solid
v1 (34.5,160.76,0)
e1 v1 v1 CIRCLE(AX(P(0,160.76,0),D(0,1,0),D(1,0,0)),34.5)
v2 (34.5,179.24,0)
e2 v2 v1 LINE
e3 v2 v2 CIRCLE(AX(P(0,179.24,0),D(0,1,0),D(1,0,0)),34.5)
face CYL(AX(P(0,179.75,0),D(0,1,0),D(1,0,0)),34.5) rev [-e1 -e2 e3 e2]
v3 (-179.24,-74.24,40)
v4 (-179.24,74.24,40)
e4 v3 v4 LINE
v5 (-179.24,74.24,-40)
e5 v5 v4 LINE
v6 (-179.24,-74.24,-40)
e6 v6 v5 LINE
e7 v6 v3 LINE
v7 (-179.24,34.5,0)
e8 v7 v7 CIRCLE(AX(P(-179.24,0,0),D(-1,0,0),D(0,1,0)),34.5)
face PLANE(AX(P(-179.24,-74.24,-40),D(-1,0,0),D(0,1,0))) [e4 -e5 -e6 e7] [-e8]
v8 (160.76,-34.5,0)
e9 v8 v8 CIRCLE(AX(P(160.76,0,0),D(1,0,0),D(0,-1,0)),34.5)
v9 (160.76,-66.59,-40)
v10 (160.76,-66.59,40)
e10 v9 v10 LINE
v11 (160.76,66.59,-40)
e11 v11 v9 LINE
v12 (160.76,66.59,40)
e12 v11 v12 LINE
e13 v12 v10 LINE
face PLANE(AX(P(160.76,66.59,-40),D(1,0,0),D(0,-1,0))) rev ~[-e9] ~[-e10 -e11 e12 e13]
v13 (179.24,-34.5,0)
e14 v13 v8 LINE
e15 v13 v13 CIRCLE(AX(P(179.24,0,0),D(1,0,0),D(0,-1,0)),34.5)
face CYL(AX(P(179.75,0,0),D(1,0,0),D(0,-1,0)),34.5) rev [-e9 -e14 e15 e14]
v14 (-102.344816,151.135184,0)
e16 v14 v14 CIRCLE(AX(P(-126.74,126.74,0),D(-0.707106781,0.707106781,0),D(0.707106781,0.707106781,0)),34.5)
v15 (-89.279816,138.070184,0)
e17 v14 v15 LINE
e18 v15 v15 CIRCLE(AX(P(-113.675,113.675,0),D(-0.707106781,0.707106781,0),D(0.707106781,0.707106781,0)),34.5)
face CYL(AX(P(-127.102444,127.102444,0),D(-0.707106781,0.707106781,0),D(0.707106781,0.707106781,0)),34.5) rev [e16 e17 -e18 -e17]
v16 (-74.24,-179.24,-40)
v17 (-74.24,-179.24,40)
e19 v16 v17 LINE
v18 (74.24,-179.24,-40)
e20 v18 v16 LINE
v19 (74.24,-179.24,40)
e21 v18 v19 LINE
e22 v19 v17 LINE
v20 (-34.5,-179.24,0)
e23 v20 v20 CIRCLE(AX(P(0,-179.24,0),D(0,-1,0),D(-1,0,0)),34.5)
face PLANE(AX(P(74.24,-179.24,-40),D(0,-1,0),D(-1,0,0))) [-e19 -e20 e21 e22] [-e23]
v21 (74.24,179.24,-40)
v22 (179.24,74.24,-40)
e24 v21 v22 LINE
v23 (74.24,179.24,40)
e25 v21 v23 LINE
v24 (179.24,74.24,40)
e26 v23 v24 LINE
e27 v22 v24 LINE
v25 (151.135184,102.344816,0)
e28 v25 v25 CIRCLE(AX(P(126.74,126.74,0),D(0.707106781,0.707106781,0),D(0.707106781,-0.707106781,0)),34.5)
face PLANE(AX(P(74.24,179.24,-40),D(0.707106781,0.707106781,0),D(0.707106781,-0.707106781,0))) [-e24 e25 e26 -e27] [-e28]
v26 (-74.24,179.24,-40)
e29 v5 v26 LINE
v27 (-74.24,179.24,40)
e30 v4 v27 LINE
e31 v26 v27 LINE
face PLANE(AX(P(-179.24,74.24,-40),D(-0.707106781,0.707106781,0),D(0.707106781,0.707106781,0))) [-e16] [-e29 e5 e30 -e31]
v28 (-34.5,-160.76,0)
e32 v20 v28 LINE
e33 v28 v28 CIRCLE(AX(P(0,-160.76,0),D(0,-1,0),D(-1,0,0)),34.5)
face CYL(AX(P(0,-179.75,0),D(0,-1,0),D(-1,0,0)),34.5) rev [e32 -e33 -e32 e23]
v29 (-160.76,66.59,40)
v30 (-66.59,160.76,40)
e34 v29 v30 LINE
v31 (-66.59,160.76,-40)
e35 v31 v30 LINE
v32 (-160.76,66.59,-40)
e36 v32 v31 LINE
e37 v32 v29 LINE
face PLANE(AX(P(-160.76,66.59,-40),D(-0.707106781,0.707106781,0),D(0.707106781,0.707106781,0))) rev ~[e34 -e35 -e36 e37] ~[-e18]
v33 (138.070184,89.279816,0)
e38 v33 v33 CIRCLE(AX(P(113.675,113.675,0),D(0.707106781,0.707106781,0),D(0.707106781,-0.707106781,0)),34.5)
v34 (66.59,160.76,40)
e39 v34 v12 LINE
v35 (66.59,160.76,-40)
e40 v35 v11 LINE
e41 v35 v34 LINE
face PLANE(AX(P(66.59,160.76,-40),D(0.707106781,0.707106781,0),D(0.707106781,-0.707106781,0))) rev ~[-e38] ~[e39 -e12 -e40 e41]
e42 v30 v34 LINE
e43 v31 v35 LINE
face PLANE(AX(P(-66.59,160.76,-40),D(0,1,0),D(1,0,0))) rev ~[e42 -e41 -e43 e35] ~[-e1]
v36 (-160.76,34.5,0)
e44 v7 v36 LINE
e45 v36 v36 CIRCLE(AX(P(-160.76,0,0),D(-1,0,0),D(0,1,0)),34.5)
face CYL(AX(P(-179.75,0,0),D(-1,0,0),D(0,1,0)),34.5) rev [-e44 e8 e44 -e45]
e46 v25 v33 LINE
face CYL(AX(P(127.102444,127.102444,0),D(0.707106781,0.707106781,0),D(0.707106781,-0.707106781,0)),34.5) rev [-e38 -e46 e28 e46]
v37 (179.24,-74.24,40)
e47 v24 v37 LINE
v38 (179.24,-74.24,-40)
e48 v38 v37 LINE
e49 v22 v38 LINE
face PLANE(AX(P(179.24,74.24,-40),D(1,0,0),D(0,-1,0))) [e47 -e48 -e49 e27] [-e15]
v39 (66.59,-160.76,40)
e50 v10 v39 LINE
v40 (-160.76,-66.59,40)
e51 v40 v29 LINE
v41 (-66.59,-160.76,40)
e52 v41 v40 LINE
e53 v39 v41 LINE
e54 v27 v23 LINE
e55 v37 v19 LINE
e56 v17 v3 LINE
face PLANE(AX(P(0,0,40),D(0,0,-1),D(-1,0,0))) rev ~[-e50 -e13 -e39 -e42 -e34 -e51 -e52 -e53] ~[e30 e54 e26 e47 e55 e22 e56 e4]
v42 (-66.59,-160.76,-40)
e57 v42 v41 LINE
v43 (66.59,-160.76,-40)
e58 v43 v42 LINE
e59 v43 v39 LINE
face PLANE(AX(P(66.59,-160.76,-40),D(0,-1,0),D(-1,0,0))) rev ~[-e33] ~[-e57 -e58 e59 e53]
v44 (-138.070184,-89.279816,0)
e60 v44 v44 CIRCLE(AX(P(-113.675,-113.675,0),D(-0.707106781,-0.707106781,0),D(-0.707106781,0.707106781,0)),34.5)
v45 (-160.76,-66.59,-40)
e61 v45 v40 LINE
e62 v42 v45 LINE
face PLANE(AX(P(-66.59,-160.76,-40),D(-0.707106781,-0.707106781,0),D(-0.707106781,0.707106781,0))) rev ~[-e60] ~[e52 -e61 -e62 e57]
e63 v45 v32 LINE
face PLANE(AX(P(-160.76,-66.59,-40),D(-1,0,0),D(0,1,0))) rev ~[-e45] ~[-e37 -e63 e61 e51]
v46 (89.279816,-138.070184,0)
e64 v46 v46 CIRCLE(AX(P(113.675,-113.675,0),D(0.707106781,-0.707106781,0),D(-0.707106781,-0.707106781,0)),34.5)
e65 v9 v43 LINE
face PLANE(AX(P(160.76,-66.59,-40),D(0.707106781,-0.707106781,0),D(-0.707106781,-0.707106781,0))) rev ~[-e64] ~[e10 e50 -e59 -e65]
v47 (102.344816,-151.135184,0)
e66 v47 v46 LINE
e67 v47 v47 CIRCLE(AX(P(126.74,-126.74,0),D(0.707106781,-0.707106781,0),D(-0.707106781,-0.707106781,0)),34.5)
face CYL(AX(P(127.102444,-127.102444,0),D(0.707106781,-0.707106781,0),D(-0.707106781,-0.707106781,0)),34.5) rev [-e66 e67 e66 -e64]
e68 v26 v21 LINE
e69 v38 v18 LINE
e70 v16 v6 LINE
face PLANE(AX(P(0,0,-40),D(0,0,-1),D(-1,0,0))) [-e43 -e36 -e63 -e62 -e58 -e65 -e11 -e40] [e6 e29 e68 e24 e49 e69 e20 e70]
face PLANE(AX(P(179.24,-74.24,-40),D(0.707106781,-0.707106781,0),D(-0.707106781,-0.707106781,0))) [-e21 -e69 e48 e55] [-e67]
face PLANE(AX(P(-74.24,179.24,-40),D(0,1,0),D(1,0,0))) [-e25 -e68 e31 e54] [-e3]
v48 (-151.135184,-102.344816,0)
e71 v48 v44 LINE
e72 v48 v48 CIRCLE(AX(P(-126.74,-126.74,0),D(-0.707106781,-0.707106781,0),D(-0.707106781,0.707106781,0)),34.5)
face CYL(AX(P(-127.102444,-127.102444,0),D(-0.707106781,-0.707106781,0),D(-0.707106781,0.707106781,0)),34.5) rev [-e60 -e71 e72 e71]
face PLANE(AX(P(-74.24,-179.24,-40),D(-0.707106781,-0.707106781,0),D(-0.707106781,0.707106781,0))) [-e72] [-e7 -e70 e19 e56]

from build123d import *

# Parameters (mm, degrees)
CYLINDER002_R               = 34.5
CYLINDER002_DEPTH           = 20
COMPOUND_PLACEMENT_ANGLE    = 45
CYLINDER003_R               = 34.5
CYLINDER003_DEPTH           = 20
COMPOUND001_PLACEMENT_ANGLE = 90
CYLINDER004_R               = 34.5
CYLINDER004_DEPTH           = 20
COMPOUND002_PLACEMENT_ANGLE = 135
CYLINDER005_R               = 34.5
CYLINDER005_DEPTH           = 20
COMPOUND003_PLACEMENT_ANGLE = 180
CYLINDER006_R               = 34.5
CYLINDER006_DEPTH           = 20
COMPOUND004_PLACEMENT_ANGLE = 225
CYLINDER007_R               = 34.5
CYLINDER007_DEPTH           = 20
COMPOUND005_PLACEMENT_ANGLE = 270
CYLINDER008_R               = 34.5
CYLINDER008_DEPTH           = 20
COMPOUND006_PLACEMENT_ANGLE = 315
CYLINDER_R                  = 34.5
CYLINDER_DEPTH              = 20
EXTRUDE001_DEPTH            = 80
EXTRUDE_DEPTH               = 80


with BuildPart() as compound:
    # Cylinder002 → Cylinder002 (new body)
    with BuildSketch(Plane.XZ.offset(-179.75)):
        Circle(CYLINDER002_R)
    extrude(amount=CYLINDER002_DEPTH)


with BuildPart() as compound_1:
    # Compound placement: moved
    add(compound.part.rotate(Axis((0, 0, 0), (0, 0, 1)), COMPOUND_PLACEMENT_ANGLE))


with BuildPart() as compound001:
    # Cylinder003 → Cylinder003 (new body)
    with BuildSketch(Plane.XZ.offset(-179.75)):
        Circle(CYLINDER003_R)
    extrude(amount=CYLINDER003_DEPTH)


with BuildPart() as compound001_1:
    # Compound001 placement: moved
    add(compound001.part.rotate(Axis((0, 0, 0), (0, 0, 1)), COMPOUND001_PLACEMENT_ANGLE))


with BuildPart() as compound002:
    # Cylinder004 → Cylinder004 (new body)
    with BuildSketch(Plane.XZ.offset(-179.75)):
        Circle(CYLINDER004_R)
    extrude(amount=CYLINDER004_DEPTH)


with BuildPart() as compound002_1:
    # Compound002 placement: moved
    add(compound002.part.rotate(Axis((0, 0, 0), (0, 0, 1)), COMPOUND002_PLACEMENT_ANGLE))


with BuildPart() as compound003:
    # Cylinder005 → Cylinder005 (new body)
    with BuildSketch(Plane.XZ.offset(-179.75)):
        Circle(CYLINDER005_R)
    extrude(amount=CYLINDER005_DEPTH)


with BuildPart() as compound003_1:
    # Compound003 placement: moved
    add(compound003.part.rotate(Axis((0, 0, 0), (0, 0, 1)), COMPOUND003_PLACEMENT_ANGLE))


with BuildPart() as compound004:
    # Cylinder006 → Cylinder006 (new body)
    with BuildSketch(Plane.XZ.offset(-179.75)):
        Circle(CYLINDER006_R)
    extrude(amount=CYLINDER006_DEPTH)


with BuildPart() as compound004_1:
    # Compound004 placement: moved
    add(compound004.part.rotate(Axis((0, 0, 0), (0, 0, 1)), COMPOUND004_PLACEMENT_ANGLE))


with BuildPart() as compound005:
    # Cylinder007 → Cylinder007 (new body)
    with BuildSketch(Plane.XZ.offset(-179.75)):
        Circle(CYLINDER007_R)
    extrude(amount=CYLINDER007_DEPTH)


with BuildPart() as compound005_1:
    # Compound005 placement: moved
    add(compound005.part.rotate(Axis((0, 0, 0), (0, 0, 1)), COMPOUND005_PLACEMENT_ANGLE))


with BuildPart() as compound006:
    # Cylinder008 → Cylinder008 (new body)
    with BuildSketch(Plane.XZ.offset(-179.75)):
        Circle(CYLINDER008_R)
    extrude(amount=CYLINDER008_DEPTH)


with BuildPart() as compound006_1:
    # Compound006 placement: moved
    add(compound006.part.rotate(Axis((0, 0, 0), (0, 0, 1)), COMPOUND006_PLACEMENT_ANGLE))


with BuildPart() as compound007:
    # Cylinder → Cylinder (new body)
    with BuildSketch(Plane.XZ.offset(-179.75)):
        Circle(CYLINDER_R)
    extrude(amount=CYLINDER_DEPTH)

    # Compound007: union Compound, Compound001, Compound002, Compound003, Compound004, Compound005, Compound006
    add(compound_1.part)
    add(compound001_1.part)
    add(compound002_1.part)
    add(compound003_1.part)
    add(compound004_1.part)
    add(compound005_1.part)
    add(compound006_1.part)


with BuildPart() as extrude001:
    # Wire001 → Extrude001 (new body)
    with BuildSketch(Plane.XY.offset(-40)):
        Polygon((66.59, 160.76), (160.76, 66.59), (160.76, -66.59), (66.59, -160.76), (-66.59, -160.76), (-160.76, -66.59), (-160.76, 66.59), (-66.59, 160.76), align=None)
    extrude(amount=EXTRUDE001_DEPTH)


with BuildPart() as cut001:
    # Wire → Extrude (new body)
    with BuildSketch(Plane.XY.offset(-40)):
        Polygon((74.24, 179.24), (179.24, 74.24), (179.24, -74.24), (74.24, -179.24), (-74.24, -179.24), (-179.24, -74.24), (-179.24, 74.24), (-74.24, 179.24), align=None)
    extrude(amount=EXTRUDE_DEPTH)

    # Cut: cut Extrude001
    add(extrude001.part, mode=Mode.SUBTRACT)

    # Cut001: cut Compound007
    add(compound007.part, mode=Mode.SUBTRACT)


solid = cut001.part
